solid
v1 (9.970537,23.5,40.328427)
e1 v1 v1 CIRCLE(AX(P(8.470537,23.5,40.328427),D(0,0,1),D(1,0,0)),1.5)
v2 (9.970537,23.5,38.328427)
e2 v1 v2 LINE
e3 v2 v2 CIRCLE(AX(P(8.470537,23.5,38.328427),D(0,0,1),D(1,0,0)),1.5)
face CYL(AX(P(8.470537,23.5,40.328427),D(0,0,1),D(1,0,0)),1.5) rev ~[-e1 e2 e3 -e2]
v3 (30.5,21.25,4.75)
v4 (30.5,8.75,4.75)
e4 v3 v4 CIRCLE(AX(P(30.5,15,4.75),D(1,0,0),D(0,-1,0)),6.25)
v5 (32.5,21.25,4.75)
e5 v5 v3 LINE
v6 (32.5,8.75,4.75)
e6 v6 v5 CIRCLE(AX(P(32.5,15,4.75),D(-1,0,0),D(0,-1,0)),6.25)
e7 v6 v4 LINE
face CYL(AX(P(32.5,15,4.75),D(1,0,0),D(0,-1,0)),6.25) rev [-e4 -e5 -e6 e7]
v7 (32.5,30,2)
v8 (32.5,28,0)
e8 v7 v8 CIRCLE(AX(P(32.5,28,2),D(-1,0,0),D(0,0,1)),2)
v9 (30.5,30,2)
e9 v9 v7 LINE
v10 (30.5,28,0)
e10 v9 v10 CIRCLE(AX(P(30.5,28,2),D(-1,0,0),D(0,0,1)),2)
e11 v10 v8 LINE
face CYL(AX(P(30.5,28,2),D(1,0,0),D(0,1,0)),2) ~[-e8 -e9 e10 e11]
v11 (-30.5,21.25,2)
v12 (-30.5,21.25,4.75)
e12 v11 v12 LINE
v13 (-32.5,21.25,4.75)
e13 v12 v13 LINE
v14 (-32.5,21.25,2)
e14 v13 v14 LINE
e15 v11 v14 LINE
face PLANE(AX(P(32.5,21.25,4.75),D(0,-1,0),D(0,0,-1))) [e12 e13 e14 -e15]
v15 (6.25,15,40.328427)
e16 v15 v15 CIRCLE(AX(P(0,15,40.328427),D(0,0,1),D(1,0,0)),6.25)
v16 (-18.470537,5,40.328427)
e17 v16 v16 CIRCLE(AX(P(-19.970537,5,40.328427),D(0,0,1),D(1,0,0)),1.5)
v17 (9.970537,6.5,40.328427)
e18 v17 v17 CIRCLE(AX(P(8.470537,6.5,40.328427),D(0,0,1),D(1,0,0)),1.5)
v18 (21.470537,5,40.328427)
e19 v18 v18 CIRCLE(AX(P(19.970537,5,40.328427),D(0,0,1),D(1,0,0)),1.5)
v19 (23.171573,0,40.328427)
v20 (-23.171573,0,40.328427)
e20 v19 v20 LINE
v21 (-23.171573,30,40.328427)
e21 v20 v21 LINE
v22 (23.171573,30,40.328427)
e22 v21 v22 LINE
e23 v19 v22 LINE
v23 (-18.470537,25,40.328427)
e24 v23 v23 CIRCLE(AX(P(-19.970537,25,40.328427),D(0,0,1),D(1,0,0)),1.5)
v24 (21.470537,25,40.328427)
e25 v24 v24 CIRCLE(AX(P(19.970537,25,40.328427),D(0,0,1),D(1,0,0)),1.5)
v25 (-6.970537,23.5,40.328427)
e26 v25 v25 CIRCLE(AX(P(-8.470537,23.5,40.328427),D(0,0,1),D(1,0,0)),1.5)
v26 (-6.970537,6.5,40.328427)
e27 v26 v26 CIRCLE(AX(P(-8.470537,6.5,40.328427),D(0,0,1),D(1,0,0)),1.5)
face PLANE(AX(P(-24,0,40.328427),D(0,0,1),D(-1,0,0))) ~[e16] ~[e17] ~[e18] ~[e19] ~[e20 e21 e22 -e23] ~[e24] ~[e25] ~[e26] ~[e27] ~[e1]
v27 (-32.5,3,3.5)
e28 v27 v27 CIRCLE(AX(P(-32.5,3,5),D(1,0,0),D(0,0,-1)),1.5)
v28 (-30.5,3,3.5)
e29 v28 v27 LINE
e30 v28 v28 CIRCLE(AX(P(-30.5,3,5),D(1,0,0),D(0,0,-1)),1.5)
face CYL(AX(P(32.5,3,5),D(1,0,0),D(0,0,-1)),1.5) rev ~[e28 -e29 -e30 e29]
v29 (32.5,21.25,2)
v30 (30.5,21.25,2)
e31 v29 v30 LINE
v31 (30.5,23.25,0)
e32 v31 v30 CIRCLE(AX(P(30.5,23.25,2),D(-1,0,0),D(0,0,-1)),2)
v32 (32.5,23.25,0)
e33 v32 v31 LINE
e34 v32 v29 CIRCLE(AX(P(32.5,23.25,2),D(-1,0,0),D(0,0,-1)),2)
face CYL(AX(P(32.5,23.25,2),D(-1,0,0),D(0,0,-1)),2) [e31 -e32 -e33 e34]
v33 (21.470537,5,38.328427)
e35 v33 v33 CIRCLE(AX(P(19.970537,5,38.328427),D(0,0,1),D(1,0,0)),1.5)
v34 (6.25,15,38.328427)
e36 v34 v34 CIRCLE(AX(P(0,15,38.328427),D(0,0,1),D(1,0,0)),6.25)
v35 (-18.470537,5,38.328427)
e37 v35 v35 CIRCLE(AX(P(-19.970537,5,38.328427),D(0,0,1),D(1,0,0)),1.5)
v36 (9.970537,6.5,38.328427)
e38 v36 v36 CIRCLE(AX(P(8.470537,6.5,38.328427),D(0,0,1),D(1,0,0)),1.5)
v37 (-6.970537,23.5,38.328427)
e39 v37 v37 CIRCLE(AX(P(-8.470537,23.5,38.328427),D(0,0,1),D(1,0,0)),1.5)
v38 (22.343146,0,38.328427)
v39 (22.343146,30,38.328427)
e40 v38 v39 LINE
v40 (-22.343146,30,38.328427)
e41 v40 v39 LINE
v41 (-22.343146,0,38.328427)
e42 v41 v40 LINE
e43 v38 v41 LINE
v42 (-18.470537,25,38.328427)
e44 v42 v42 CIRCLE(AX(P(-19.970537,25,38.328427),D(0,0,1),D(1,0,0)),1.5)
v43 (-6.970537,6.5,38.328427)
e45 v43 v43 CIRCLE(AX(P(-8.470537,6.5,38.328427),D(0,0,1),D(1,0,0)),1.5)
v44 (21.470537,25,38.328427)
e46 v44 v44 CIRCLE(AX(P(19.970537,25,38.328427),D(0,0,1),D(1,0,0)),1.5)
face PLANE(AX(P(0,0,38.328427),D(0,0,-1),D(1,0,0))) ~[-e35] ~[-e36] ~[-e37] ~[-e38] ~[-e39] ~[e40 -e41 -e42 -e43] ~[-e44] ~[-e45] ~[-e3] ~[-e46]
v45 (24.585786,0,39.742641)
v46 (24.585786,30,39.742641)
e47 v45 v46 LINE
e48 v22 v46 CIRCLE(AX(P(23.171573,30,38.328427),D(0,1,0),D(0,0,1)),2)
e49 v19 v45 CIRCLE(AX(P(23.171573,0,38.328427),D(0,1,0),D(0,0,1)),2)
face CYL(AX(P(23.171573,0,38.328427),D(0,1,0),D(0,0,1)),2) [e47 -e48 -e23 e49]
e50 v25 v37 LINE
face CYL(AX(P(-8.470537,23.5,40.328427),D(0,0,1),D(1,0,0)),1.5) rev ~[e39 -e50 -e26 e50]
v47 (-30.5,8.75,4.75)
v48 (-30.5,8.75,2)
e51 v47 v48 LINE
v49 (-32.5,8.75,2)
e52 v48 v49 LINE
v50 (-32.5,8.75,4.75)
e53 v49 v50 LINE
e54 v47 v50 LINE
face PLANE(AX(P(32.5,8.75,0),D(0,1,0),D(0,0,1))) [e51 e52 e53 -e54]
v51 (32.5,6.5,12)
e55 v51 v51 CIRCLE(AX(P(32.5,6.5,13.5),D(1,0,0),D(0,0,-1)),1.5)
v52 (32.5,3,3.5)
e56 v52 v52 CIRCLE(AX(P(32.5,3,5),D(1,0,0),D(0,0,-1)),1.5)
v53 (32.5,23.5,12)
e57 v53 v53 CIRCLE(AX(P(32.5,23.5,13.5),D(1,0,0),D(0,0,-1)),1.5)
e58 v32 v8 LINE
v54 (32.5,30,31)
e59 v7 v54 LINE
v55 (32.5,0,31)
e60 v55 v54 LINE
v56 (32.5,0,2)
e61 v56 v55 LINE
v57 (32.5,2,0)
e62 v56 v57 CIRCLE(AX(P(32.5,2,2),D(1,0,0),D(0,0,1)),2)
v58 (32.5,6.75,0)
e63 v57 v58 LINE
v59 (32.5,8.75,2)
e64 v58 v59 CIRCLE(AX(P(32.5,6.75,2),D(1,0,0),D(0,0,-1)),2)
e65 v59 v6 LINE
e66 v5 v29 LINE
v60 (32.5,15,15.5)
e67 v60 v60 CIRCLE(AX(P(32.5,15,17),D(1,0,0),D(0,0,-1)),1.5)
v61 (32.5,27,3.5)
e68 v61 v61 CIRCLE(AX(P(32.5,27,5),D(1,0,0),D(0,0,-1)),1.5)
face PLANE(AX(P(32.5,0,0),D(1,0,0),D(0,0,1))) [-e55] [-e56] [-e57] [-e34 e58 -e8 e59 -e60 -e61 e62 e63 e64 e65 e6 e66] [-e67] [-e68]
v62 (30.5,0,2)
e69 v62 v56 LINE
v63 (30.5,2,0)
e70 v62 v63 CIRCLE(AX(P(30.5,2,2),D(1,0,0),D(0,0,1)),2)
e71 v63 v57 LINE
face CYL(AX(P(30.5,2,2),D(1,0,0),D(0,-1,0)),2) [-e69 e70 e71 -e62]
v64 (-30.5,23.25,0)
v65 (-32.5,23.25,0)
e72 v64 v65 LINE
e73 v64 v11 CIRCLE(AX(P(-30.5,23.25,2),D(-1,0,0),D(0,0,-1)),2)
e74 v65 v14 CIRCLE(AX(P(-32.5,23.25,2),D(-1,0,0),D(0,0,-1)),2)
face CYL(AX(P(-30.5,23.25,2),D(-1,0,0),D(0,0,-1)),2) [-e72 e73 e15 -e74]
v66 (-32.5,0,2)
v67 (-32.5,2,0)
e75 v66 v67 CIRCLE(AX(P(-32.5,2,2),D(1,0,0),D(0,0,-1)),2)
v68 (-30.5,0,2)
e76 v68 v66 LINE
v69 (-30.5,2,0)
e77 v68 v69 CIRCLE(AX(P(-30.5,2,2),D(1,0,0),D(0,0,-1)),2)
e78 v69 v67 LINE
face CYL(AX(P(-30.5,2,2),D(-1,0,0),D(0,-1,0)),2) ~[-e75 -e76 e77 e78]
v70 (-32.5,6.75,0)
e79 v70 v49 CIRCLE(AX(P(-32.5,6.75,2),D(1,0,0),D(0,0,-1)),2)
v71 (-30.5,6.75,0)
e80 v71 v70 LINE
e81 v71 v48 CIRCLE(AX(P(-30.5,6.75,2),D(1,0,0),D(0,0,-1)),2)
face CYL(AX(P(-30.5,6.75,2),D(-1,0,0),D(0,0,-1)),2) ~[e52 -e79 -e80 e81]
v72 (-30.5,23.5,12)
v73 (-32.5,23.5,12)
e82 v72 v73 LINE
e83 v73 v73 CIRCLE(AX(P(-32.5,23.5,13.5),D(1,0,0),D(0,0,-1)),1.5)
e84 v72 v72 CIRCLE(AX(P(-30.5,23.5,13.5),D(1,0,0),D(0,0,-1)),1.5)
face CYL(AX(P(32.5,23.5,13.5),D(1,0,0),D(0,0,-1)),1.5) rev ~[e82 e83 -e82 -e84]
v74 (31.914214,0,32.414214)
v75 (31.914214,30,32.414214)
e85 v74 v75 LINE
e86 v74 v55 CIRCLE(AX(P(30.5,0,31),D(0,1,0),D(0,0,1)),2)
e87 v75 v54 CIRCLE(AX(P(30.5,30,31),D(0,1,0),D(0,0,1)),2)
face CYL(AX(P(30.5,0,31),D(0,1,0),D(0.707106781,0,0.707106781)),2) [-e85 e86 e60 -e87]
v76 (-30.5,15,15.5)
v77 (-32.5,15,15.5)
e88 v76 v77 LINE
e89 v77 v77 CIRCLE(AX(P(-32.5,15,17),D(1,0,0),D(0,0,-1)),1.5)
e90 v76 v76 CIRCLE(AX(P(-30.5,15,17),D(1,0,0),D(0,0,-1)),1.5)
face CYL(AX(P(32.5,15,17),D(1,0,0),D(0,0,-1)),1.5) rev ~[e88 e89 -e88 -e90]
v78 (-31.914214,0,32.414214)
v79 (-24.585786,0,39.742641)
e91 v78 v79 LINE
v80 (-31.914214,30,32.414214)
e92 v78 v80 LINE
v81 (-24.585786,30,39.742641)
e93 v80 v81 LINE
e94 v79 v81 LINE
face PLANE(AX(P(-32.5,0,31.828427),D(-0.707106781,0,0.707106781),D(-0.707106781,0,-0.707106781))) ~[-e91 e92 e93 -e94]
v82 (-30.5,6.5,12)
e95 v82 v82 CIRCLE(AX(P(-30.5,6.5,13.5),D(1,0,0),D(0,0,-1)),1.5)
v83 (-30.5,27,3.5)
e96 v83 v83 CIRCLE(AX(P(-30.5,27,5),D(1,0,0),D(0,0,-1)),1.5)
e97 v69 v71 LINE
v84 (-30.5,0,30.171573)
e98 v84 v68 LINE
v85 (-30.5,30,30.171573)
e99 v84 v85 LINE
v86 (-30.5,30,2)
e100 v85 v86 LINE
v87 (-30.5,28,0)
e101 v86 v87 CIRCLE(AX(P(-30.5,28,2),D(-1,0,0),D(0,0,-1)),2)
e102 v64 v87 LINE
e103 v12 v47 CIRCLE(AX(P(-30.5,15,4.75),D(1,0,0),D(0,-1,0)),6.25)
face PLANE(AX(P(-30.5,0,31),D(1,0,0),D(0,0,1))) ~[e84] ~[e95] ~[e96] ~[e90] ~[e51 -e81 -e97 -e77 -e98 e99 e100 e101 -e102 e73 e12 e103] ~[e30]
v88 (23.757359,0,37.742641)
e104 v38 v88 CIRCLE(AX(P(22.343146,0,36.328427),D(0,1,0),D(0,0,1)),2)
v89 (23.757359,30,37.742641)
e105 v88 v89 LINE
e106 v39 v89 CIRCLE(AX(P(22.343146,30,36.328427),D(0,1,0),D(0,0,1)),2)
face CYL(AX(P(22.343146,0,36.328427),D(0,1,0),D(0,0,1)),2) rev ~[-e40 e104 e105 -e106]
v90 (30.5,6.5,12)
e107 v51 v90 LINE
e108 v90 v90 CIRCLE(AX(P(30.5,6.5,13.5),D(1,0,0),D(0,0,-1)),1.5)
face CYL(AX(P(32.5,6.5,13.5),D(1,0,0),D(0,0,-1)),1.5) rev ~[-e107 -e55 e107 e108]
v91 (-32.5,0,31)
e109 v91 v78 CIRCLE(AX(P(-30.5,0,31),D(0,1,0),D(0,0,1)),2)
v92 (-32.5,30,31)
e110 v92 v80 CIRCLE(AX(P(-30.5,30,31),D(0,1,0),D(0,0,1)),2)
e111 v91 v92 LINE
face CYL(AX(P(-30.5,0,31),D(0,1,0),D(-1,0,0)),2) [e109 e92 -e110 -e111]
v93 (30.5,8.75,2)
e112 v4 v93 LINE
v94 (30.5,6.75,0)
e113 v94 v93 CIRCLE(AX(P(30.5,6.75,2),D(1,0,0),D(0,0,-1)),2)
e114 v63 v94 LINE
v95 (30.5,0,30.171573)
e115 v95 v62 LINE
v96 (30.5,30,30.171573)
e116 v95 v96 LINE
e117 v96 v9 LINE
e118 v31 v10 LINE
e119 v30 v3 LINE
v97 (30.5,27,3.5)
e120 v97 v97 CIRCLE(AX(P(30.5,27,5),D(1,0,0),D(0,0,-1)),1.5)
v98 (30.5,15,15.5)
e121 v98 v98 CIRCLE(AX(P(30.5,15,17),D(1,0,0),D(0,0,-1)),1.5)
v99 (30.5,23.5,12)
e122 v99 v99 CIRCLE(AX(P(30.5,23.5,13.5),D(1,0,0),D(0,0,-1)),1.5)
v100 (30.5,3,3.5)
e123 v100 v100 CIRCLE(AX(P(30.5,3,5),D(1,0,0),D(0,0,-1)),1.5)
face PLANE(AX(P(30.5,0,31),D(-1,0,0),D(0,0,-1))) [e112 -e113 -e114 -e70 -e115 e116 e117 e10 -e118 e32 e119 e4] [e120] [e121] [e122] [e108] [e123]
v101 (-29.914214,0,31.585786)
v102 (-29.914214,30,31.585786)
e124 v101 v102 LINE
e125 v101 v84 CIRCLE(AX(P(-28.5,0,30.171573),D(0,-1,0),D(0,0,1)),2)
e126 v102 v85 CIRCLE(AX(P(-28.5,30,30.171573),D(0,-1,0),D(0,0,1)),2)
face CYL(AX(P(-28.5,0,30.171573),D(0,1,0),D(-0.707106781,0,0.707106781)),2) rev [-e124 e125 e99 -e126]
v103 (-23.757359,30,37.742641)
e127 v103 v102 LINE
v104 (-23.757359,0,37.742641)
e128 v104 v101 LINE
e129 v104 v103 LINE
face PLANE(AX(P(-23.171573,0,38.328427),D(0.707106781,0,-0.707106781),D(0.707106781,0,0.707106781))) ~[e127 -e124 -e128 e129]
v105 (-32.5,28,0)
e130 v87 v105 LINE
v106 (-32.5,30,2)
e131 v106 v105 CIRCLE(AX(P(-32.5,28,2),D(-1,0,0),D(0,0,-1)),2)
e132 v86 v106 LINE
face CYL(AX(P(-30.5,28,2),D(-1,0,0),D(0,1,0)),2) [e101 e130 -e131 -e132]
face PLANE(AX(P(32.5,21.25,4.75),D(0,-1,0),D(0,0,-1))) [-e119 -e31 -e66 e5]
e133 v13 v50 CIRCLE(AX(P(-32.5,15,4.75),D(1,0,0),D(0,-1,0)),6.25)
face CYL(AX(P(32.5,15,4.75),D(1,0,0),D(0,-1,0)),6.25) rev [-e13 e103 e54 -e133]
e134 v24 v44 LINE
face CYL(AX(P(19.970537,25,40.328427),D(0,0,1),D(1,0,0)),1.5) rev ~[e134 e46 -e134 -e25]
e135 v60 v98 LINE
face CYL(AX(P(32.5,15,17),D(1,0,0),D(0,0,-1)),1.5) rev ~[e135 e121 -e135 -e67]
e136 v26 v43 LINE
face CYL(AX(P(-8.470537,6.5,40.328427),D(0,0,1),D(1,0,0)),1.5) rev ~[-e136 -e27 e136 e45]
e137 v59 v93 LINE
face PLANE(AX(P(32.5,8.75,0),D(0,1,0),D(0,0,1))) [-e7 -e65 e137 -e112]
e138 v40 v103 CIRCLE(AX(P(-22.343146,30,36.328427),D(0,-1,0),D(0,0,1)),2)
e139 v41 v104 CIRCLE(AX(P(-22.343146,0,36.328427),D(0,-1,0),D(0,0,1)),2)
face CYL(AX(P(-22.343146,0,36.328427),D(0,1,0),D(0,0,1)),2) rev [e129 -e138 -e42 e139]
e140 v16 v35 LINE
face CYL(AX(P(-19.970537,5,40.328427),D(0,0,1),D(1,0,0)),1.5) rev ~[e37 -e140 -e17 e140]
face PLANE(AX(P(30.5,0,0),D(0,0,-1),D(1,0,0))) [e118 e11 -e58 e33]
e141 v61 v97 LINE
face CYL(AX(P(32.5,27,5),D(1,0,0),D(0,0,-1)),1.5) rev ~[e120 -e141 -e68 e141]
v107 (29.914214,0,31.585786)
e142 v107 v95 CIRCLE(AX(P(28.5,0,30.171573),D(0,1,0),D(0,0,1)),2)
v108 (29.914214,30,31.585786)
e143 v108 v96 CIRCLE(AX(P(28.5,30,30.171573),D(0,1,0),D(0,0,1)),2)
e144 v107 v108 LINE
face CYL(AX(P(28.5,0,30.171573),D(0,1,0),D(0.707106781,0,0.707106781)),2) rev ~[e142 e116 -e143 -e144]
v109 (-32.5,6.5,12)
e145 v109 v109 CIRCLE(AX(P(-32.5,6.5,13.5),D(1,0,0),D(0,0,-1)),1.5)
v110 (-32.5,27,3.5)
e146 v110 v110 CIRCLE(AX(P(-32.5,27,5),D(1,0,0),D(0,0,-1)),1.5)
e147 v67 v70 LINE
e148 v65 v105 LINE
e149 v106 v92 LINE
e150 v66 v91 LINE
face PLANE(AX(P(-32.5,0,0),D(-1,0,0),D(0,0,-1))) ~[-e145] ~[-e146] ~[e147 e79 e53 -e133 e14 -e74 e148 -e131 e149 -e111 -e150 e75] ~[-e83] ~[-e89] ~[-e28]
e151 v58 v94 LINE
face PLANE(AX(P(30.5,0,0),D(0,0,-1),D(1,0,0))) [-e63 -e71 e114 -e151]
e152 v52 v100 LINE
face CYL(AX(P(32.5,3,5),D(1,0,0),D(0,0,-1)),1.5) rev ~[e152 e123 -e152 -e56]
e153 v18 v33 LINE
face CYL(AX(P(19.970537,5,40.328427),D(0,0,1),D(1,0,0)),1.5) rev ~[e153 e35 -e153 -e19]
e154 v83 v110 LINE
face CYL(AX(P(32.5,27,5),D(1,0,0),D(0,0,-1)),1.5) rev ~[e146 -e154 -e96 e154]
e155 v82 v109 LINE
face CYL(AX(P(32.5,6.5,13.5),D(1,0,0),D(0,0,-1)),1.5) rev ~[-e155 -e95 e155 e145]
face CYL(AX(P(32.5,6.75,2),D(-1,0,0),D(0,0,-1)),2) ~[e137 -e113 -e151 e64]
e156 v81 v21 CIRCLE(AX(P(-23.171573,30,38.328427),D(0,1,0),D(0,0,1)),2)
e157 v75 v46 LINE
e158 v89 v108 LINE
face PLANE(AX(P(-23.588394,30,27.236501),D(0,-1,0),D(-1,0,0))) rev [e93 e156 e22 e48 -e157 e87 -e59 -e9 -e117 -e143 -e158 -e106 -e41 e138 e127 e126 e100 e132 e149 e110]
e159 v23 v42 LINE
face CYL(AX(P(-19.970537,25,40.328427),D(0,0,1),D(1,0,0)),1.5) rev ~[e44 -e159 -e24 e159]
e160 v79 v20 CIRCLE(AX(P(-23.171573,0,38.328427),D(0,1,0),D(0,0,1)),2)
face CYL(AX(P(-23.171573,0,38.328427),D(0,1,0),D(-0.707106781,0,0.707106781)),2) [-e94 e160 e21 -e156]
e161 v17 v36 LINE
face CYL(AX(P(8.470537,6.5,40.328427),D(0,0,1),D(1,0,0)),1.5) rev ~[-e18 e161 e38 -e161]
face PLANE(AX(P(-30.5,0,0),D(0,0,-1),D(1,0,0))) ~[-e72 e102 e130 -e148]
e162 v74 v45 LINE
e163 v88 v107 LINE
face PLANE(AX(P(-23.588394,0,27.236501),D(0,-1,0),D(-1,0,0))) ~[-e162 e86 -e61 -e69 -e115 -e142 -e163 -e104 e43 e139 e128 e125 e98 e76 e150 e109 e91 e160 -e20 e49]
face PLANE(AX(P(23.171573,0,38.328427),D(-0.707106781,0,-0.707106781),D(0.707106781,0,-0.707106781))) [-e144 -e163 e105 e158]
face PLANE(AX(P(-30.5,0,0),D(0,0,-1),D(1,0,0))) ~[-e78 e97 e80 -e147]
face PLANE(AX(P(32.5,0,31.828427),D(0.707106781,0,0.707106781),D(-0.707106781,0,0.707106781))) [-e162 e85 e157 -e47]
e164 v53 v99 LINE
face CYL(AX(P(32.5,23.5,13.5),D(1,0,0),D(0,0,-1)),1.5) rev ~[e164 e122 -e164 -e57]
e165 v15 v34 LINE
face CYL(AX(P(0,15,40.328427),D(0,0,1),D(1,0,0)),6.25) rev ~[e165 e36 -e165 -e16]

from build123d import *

# Parameters (mm, degrees)
BOSS_EXTRUDE2_DEPTH = 30
SKETCH2_R           = 1.5
CUT_EXTRUDE1_DEPTH  = 66
SKETCH3_R           = 6.25
SKETCH3_R_2         = 1.5
CUT_EXTRUDE2_DEPTH  = 10
FILLET1_R           = 2


with BuildPart() as part:
    # Sketch1 → Boss-Extrude2 (new body)
    with BuildSketch(Plane(origin=(0, 0, 0), x_dir=(1, 0, 0), z_dir=(0, 1, 0))):
        Polygon((0, -38.328427125), (23.171572875, -38.328427125), (30.5, -31), (30.5, 0), (32.5, 0), (32.5, -31.828427125), (24, -40.328427125), (0, -40.328427125), align=None)
    boss_extrude2 = extrude(amount=BOSS_EXTRUDE2_DEPTH)

    # Mirror1: Boss-Extrude2 across plane
    add(boss_extrude2.mirror(Plane(origin=(0, 0, 0), x_dir=(0, 0, 1), z_dir=(1, 0, 0))))

    # Sketch2 → Cut-Extrude1 (cut, through all)
    with BuildSketch(Plane(origin=(32.5, 0, 0), x_dir=(0, 0, -1), z_dir=(1, 0, 0))):
        with Locations((-17, 15)):
            Circle(SKETCH2_R)
        with Locations((-5, 3)):
            Circle(SKETCH2_R)
        with Locations((-13.5, 6.5)):
            Circle(SKETCH2_R)
        with Locations((-13.5, 23.5)):
            Circle(SKETCH2_R)
        with Locations((-5, 27)):
            Circle(SKETCH2_R)
        with BuildLine():
            Line((-4.75, 21.25), (0, 21.25))
            Line((0, 21.25), (0, 8.75))
            Line((0, 8.75), (-4.75, 8.75))
            ThreePointArc((-4.75, 8.75), (-11, 15), (-4.75, 21.25))
        make_face()
    extrude(amount=-CUT_EXTRUDE1_DEPTH, mode=Mode.SUBTRACT)

    # Sketch3 → Cut-Extrude2 (cut)
    with BuildSketch(Plane.XY.offset(40.328427125)):
        with Locations((0, 15)):
            Circle(SKETCH3_R)
        with Locations((8.470537173, 6.5)):
            Circle(SKETCH3_R_2)
        with Locations((8.470537173, 23.5)):
            Circle(SKETCH3_R_2)
        with Locations((19.970537173, 5)):
            Circle(SKETCH3_R_2)
        with Locations((19.970537173, 25)):
            Circle(SKETCH3_R_2)
        with Locations((-19.970537173, 5)):
            Circle(SKETCH3_R_2)
        with Locations((-8.470537173, 6.5)):
            Circle(SKETCH3_R_2)
        with Locations((-19.970537173, 25)):
            Circle(SKETCH3_R_2)
        with Locations((-8.470537173, 23.5)):
            Circle(SKETCH3_R_2)
    extrude(amount=-CUT_EXTRUDE2_DEPTH, mode=Mode.SUBTRACT)

    # Fillet1
    fillet1_edges = [part.edges().sort_by_distance(p)[0] for p in [
        (31.5, 0, 0),
        (32.5, 15, 31.828427125),
        (24, 15, 40.328427125),
        (23.171572875, 15, 38.328427125),
        (30.5, 15, 31),
        (-31.5, 30, 0),
        (-32.5, 15, 31.828427125),
        (-24, 15, 40.328427125),
        (-23.171572875, 15, 38.328427125),
        (-30.5, 15, 31),
        (-31.5, 0, 0),
        (31.5, 30, 0),
        (31.5, 21.25, 0),
        (31.5, 8.75, 0),
        (-31.5, 21.25, 0),
        (-31.5, 8.75, 0),
    ]]
    fillet(fillet1_edges, radius=FILLET1_R)


solid = part.part
